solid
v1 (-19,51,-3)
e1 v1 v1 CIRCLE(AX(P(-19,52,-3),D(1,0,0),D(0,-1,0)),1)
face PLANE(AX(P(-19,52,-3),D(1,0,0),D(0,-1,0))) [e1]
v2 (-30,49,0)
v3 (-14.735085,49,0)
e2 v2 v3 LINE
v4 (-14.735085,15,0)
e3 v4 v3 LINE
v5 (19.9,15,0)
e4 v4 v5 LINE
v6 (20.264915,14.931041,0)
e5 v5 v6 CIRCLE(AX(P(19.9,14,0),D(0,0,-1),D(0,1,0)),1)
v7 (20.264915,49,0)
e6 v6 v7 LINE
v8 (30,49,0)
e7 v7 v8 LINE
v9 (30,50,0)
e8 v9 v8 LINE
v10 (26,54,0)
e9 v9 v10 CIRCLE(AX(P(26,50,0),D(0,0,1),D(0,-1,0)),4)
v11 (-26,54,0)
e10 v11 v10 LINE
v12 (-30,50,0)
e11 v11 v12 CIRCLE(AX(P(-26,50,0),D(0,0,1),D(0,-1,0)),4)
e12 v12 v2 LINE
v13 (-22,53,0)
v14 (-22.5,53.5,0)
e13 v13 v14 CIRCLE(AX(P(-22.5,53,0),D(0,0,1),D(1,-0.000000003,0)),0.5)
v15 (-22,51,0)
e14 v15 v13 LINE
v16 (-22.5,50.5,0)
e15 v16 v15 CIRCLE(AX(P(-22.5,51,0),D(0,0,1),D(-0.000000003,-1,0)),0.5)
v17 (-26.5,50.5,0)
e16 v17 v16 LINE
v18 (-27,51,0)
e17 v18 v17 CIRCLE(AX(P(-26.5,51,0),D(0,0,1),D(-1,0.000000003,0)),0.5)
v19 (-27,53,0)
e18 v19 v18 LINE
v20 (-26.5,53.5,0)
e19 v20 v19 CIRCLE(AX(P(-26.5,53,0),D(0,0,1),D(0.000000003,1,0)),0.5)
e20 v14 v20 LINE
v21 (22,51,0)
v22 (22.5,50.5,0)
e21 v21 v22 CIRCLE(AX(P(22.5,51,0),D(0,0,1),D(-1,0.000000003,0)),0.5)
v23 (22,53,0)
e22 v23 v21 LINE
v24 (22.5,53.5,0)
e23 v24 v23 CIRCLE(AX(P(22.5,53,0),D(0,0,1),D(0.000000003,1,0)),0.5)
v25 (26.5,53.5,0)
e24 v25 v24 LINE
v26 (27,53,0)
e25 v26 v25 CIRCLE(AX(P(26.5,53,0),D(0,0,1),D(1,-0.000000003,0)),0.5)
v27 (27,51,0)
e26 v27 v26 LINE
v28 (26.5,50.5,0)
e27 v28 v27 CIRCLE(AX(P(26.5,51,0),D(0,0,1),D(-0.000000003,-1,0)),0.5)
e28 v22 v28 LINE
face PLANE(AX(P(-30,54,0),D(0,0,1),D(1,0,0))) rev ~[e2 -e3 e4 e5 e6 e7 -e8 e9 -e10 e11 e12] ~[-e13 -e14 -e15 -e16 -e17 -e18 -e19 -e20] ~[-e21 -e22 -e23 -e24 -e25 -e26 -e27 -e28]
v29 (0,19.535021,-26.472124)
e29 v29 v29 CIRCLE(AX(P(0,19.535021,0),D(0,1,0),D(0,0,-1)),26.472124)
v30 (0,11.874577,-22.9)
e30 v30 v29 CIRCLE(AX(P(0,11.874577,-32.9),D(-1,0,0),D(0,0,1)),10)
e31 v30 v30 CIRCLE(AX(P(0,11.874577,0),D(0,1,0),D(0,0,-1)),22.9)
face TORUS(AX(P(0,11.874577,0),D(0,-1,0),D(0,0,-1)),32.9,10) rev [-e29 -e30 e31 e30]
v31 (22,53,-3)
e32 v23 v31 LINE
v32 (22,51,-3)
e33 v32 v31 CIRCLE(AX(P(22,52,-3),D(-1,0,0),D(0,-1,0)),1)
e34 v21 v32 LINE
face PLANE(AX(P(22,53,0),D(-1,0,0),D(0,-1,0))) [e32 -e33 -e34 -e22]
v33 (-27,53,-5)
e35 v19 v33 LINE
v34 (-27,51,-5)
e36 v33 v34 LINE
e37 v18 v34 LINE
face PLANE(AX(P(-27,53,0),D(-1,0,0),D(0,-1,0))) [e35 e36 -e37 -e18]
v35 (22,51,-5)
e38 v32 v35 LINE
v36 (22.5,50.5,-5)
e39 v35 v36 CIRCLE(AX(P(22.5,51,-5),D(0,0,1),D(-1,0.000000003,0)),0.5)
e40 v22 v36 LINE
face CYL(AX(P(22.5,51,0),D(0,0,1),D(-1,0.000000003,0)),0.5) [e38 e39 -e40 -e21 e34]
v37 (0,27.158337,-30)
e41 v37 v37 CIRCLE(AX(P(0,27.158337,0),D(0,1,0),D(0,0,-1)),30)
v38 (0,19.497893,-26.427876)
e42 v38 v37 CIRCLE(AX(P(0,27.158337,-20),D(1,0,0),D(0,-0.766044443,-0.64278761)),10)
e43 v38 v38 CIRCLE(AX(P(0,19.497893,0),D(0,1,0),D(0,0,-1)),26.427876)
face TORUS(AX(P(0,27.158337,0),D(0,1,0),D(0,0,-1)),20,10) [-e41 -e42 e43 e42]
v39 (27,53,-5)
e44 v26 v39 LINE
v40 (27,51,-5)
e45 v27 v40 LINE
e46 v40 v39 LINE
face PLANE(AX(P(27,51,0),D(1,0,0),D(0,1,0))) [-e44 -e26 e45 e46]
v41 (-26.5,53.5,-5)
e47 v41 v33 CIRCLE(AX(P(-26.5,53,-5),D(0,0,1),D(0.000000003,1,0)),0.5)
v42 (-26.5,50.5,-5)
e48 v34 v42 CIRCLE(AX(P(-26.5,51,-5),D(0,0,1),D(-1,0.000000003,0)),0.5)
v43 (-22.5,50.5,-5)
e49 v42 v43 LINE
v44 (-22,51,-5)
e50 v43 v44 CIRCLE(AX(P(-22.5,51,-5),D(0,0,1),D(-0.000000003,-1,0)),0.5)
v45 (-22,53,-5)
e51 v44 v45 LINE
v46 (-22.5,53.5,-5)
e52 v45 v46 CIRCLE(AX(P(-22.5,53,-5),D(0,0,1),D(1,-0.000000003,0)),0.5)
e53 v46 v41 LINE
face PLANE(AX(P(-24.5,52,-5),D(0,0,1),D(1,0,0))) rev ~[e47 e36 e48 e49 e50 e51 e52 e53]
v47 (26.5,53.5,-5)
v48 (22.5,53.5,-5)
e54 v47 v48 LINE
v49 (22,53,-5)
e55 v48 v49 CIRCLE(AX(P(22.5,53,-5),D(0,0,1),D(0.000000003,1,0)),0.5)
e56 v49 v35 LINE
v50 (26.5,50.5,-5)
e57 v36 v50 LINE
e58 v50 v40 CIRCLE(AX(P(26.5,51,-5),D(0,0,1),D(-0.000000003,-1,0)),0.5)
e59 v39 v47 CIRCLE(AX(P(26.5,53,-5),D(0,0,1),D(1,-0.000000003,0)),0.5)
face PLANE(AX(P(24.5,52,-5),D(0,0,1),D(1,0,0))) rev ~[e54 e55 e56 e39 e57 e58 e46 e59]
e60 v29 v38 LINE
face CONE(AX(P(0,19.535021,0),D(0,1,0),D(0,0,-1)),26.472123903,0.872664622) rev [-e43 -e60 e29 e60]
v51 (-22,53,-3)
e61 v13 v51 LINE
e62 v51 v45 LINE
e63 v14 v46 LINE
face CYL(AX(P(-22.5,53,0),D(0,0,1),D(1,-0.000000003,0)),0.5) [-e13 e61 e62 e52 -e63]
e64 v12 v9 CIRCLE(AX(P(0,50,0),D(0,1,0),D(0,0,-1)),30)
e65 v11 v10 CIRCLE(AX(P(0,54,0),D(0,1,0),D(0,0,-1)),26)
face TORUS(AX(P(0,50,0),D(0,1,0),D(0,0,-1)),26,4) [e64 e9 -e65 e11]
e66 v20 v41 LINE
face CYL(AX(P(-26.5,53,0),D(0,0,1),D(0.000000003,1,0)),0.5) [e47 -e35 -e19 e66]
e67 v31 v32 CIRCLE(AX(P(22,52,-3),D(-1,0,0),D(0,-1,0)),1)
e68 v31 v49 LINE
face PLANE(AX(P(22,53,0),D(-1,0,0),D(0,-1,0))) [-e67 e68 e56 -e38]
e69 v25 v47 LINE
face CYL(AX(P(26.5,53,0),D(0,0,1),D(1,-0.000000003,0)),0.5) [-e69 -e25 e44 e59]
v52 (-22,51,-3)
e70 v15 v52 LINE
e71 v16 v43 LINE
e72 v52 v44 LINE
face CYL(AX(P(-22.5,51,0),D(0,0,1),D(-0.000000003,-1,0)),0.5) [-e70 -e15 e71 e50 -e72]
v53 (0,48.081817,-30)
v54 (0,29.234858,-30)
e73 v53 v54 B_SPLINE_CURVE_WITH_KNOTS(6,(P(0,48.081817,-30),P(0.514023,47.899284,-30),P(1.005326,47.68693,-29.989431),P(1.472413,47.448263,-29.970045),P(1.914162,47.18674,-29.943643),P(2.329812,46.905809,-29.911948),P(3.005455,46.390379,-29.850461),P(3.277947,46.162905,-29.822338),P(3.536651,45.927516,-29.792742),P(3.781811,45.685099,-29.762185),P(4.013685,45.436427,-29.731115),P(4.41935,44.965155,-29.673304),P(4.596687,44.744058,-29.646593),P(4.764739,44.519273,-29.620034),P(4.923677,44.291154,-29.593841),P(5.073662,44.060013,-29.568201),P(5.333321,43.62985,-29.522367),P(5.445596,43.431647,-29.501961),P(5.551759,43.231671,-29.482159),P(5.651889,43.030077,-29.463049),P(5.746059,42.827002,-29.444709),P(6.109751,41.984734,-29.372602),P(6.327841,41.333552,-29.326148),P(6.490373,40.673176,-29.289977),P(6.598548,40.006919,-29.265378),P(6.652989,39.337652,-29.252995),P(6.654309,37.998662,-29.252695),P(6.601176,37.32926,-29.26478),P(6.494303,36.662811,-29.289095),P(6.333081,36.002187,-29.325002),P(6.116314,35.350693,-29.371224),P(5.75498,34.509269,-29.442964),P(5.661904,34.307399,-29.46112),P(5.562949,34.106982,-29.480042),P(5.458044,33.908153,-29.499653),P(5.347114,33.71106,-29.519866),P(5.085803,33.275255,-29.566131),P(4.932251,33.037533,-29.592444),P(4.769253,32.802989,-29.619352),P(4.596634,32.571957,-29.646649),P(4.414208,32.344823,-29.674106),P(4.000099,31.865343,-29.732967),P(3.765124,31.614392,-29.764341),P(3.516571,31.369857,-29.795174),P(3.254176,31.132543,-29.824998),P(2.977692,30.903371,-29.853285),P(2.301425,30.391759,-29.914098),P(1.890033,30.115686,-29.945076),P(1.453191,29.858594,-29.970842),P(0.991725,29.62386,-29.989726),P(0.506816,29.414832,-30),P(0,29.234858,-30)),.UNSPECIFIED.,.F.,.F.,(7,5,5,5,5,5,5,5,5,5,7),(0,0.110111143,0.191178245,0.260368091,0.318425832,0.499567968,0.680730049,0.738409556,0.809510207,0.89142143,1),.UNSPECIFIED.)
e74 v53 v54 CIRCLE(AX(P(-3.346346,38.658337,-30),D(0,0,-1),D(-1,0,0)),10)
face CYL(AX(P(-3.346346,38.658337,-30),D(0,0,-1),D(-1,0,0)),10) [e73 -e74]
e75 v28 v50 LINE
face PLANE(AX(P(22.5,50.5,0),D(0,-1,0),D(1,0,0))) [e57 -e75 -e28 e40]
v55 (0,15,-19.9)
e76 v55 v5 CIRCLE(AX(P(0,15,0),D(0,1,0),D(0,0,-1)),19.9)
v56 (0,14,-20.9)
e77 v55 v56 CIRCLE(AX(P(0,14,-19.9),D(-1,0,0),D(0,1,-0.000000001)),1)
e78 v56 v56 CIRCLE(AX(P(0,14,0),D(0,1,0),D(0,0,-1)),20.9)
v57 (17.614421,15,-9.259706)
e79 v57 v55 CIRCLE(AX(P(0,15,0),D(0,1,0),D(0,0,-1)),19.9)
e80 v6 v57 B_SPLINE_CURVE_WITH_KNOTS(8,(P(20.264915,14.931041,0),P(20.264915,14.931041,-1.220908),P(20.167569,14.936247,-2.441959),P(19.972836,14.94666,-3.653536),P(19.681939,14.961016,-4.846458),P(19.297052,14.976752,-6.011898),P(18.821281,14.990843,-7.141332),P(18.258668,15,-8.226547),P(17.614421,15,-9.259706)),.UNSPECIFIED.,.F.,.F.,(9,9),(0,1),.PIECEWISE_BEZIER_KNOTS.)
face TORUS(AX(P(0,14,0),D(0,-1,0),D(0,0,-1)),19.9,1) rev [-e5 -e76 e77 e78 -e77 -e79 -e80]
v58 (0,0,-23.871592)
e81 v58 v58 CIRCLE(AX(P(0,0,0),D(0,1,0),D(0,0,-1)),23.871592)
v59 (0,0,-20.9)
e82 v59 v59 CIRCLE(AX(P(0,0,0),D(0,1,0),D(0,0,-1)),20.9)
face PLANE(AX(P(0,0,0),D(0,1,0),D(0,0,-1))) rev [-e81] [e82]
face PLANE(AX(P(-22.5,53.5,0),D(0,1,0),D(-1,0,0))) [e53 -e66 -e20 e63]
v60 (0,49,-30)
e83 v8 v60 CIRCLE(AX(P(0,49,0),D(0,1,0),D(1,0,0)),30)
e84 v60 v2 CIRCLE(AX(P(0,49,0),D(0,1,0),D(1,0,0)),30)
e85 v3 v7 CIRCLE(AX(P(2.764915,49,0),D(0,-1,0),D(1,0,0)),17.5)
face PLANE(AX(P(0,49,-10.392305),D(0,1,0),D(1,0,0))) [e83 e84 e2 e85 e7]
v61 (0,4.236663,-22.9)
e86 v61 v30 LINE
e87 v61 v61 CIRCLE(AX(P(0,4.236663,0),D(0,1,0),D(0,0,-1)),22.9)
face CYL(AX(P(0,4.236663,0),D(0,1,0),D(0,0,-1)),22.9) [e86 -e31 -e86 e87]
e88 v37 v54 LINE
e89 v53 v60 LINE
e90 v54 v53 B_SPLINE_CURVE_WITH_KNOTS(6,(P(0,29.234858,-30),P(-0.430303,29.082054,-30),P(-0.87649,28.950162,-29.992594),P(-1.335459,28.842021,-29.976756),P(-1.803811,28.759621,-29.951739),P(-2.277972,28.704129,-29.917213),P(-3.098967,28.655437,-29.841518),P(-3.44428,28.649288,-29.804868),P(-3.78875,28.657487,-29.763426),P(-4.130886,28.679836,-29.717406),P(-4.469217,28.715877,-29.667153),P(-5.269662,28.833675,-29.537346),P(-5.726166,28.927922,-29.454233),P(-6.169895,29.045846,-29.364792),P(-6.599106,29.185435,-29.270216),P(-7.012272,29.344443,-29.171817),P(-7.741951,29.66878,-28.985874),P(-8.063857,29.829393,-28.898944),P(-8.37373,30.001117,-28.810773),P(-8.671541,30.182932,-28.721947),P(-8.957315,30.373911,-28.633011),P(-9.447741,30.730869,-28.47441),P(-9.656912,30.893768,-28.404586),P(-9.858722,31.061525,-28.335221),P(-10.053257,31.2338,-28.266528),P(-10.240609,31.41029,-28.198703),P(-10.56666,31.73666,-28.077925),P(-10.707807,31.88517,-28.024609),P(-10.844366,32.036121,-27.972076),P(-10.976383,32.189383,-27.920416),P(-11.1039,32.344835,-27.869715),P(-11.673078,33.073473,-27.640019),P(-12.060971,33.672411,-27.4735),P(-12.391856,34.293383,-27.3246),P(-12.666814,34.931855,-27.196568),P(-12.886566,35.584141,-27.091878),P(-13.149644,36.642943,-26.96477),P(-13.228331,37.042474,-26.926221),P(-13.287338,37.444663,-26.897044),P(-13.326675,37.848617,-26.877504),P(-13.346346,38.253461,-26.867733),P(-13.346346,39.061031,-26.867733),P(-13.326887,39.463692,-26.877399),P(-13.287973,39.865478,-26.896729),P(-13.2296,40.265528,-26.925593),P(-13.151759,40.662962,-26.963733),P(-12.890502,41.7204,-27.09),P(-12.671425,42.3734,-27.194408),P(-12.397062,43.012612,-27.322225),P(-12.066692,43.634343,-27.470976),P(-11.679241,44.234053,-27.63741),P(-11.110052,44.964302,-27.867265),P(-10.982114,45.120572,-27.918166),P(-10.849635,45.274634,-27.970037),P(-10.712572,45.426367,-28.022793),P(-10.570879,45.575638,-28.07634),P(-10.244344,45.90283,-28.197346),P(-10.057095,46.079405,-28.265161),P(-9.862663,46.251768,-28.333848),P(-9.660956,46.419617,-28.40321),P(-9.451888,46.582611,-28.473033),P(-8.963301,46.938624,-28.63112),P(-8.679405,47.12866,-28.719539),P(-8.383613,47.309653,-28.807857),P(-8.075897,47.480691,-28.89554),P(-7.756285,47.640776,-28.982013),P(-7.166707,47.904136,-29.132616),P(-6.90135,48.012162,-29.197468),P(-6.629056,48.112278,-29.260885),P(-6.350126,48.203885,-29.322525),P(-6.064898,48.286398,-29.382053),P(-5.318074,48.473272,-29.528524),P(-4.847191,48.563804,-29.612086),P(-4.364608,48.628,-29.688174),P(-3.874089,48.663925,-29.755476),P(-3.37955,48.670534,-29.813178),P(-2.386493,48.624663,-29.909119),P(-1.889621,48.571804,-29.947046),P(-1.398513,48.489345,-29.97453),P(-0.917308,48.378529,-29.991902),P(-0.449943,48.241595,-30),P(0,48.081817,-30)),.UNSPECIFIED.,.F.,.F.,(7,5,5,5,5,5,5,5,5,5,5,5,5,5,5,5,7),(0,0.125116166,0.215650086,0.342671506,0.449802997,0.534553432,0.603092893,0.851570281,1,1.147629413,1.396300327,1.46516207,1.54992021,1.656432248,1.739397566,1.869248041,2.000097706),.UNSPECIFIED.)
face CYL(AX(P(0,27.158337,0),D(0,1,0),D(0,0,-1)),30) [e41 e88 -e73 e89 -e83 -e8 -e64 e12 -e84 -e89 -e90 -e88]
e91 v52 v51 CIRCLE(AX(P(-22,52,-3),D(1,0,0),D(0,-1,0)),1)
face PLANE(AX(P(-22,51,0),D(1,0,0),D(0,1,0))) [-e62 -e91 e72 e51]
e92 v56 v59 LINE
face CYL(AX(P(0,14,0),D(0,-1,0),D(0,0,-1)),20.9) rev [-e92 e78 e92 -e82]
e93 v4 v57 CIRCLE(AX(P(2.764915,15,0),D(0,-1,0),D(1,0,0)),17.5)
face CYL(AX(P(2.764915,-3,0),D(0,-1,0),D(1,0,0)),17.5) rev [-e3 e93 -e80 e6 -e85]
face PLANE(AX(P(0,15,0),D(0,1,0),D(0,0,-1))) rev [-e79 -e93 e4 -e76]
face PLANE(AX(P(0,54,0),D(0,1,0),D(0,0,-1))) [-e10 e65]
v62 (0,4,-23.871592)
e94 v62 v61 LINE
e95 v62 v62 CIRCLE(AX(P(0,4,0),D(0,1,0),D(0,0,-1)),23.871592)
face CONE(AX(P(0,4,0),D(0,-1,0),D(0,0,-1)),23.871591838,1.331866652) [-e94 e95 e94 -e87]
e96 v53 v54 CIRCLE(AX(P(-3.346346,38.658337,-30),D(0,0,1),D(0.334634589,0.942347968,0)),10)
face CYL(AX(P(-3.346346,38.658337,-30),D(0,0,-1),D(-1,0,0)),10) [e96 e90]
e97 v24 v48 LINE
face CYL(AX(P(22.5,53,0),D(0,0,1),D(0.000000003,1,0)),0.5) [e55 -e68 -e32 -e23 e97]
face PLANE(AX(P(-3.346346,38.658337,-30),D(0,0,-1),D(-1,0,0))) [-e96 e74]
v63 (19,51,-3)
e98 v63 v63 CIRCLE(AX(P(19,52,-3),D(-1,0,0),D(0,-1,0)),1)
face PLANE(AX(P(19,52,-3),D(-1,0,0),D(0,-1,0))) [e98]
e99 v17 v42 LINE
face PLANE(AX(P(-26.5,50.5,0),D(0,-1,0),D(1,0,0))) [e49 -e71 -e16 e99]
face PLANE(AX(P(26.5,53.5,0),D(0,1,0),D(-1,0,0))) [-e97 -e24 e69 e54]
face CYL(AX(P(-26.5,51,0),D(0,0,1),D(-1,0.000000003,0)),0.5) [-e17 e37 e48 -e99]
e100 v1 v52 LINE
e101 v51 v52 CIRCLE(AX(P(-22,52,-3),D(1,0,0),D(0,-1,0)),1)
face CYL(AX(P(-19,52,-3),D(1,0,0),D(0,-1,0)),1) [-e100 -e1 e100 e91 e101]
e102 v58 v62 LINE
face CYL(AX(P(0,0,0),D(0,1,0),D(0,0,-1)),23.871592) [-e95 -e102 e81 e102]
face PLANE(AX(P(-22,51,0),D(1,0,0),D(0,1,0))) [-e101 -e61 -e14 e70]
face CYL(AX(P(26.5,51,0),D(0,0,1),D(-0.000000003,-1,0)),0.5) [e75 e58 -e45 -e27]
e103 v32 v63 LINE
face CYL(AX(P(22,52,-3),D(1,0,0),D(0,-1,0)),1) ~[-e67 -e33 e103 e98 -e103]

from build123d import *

# Parameters (mm, degrees)
SKETCH10_R              = 10
BOSS_EXTRUDE1_DEPTH     = 5
CUT_EXTRUDE3_DEPTH      = 45
CUT_EXTRUDE3_DEPTH_BACK = 20
CUT_EXTRUDE5_DEPTH      = 5
BOSS_EXTRUDE2_DEPTH     = 5
SKETCH14_R              = 1
BOSS_EXTRUDE3_DEPTH     = 3
BOSS_EXTRUDE4_START     = 3
SKETCH15_R              = 1
BOSS_EXTRUDE4_DEPTH     = 3


with BuildPart() as part:
    # Sketch1 → Revolve1 (revolve)
    with BuildSketch(Plane.XY):
        with BuildLine():
            Line((20.9, 0), (23.871591838, 0))
            Line((23.871591838, 0), (23.871591838, 4))
            Line((23.871591838, 4), (22.9, 4.236662843))
            Line((22.9, 4.236662843), (22.9, 11.874576818))
            ThreePointArc((22.9, 11.874576818), (23.83692213, 16.100759435), (26.472123903, 19.535021249))
            Line((26.472123903, 19.535021249), (26.427876097, 19.497892931))
            ThreePointArc((26.427876097, 19.497892931), (29.06307787, 22.932154745), (30, 27.158337362))
            Line((30, 27.158337362), (30, 50))
            ThreePointArc((30, 50), (28.828427125, 52.828427125), (26, 54))
            Line((26, 54), (0, 54))
            Line((0, 54), (0, 15))
            Line((0, 15), (19.9, 15))
            ThreePointArc((19.9, 15), (20.607106781, 14.707106781), (20.9, 14))
            Line((20.9, 14), (20.9, 0))
        make_face()
    revolve(axis=Axis((0, 0, 0), (0, 1, 0)))

    # Sketch10 → Boss-Extrude1 (add)
    with BuildSketch(Plane(origin=(0, 0, -30), x_dir=(-1, 0, 0), z_dir=(0, 0, -1))):
        with Locations((3.346345887, 38.658337362)):
            Circle(SKETCH10_R)
    extrude(amount=-BOSS_EXTRUDE1_DEPTH)

    # Sketch11 → Cut-Extrude3 (cut, two sides: drawn at the far end of the back side and taken through both)
    with BuildSketch(Plane(origin=(0, 17, 0), x_dir=(1, 0, 0), z_dir=(0, 1, 0)).offset(-CUT_EXTRUDE3_DEPTH_BACK)):
        with BuildLine():
            Line((-14.735085045, 0), (20.264914955, 0))
            ThreePointArc((20.264914955, 0), (2.764914955, 17.5), (-14.735085045, 0))
        make_face()
    extrude(amount=CUT_EXTRUDE3_DEPTH + CUT_EXTRUDE3_DEPTH_BACK, mode=Mode.SUBTRACT)

    # Sketch9 → Cut-Extrude5 (cut)
    with BuildSketch(Plane(origin=(0, 54, 0), x_dir=(1, 0, 0), z_dir=(0, 1, 0))):
        with BuildLine():
            Line((-30, 0), (30, 0))
            ThreePointArc((30, 0), (0, 30), (-30, 0))
        make_face()
    extrude(amount=-CUT_EXTRUDE5_DEPTH, mode=Mode.SUBTRACT)

    # Sketch13 → Boss-Extrude2 (add)
    with BuildSketch(Plane(origin=(0, 0, 0), x_dir=(-1, 0, 0), z_dir=(0, 0, -1))):
        with BuildLine():
            Line((22.5, 53.5), (26.5, 53.5))
            ThreePointArc((26.5, 53.5), (26.853553391, 53.353553391), (27, 53))
            Line((27, 53), (27, 51))
            ThreePointArc((27, 51), (26.853553391, 50.646446609), (26.5, 50.5))
            Line((26.5, 50.5), (22.5, 50.5))
            ThreePointArc((22.5, 50.5), (22.146446609, 50.646446609), (22, 51))
            Line((22, 51), (22, 53))
            ThreePointArc((22, 53), (22.146446609, 53.353553391), (22.5, 53.5))
        make_face()
        with BuildLine():
            Line((-26.5, 53.5), (-22.5, 53.5))
            ThreePointArc((-22.5, 53.5), (-22.146446609, 53.353553391), (-22, 53))
            Line((-22, 53), (-22, 51))
            ThreePointArc((-22, 51), (-22.146446609, 50.646446609), (-22.5, 50.5))
            Line((-22.5, 50.5), (-26.5, 50.5))
            ThreePointArc((-26.5, 50.5), (-26.853553391, 50.646446609), (-27, 51))
            Line((-27, 51), (-27, 53))
            ThreePointArc((-27, 53), (-26.853553391, 53.353553391), (-26.5, 53.5))
        make_face()
    extrude(amount=BOSS_EXTRUDE2_DEPTH)

    # Sketch14 → Boss-Extrude3 (add)
    with BuildSketch(Plane.ZY.offset(-22)):
        with Locations((-3, 52)):
            Circle(SKETCH14_R)
    extrude(amount=BOSS_EXTRUDE3_DEPTH)

    # Sketch15 → Boss-Extrude4 (add)
    with BuildSketch(Plane(origin=(-22, 0, 0), x_dir=(0, 0, -1), z_dir=(1, 0, 0)).offset(BOSS_EXTRUDE4_START)):
        with Locations((3, 52)):
            Circle(SKETCH15_R)
    extrude(amount=-BOSS_EXTRUDE4_DEPTH)


solid = part.part
